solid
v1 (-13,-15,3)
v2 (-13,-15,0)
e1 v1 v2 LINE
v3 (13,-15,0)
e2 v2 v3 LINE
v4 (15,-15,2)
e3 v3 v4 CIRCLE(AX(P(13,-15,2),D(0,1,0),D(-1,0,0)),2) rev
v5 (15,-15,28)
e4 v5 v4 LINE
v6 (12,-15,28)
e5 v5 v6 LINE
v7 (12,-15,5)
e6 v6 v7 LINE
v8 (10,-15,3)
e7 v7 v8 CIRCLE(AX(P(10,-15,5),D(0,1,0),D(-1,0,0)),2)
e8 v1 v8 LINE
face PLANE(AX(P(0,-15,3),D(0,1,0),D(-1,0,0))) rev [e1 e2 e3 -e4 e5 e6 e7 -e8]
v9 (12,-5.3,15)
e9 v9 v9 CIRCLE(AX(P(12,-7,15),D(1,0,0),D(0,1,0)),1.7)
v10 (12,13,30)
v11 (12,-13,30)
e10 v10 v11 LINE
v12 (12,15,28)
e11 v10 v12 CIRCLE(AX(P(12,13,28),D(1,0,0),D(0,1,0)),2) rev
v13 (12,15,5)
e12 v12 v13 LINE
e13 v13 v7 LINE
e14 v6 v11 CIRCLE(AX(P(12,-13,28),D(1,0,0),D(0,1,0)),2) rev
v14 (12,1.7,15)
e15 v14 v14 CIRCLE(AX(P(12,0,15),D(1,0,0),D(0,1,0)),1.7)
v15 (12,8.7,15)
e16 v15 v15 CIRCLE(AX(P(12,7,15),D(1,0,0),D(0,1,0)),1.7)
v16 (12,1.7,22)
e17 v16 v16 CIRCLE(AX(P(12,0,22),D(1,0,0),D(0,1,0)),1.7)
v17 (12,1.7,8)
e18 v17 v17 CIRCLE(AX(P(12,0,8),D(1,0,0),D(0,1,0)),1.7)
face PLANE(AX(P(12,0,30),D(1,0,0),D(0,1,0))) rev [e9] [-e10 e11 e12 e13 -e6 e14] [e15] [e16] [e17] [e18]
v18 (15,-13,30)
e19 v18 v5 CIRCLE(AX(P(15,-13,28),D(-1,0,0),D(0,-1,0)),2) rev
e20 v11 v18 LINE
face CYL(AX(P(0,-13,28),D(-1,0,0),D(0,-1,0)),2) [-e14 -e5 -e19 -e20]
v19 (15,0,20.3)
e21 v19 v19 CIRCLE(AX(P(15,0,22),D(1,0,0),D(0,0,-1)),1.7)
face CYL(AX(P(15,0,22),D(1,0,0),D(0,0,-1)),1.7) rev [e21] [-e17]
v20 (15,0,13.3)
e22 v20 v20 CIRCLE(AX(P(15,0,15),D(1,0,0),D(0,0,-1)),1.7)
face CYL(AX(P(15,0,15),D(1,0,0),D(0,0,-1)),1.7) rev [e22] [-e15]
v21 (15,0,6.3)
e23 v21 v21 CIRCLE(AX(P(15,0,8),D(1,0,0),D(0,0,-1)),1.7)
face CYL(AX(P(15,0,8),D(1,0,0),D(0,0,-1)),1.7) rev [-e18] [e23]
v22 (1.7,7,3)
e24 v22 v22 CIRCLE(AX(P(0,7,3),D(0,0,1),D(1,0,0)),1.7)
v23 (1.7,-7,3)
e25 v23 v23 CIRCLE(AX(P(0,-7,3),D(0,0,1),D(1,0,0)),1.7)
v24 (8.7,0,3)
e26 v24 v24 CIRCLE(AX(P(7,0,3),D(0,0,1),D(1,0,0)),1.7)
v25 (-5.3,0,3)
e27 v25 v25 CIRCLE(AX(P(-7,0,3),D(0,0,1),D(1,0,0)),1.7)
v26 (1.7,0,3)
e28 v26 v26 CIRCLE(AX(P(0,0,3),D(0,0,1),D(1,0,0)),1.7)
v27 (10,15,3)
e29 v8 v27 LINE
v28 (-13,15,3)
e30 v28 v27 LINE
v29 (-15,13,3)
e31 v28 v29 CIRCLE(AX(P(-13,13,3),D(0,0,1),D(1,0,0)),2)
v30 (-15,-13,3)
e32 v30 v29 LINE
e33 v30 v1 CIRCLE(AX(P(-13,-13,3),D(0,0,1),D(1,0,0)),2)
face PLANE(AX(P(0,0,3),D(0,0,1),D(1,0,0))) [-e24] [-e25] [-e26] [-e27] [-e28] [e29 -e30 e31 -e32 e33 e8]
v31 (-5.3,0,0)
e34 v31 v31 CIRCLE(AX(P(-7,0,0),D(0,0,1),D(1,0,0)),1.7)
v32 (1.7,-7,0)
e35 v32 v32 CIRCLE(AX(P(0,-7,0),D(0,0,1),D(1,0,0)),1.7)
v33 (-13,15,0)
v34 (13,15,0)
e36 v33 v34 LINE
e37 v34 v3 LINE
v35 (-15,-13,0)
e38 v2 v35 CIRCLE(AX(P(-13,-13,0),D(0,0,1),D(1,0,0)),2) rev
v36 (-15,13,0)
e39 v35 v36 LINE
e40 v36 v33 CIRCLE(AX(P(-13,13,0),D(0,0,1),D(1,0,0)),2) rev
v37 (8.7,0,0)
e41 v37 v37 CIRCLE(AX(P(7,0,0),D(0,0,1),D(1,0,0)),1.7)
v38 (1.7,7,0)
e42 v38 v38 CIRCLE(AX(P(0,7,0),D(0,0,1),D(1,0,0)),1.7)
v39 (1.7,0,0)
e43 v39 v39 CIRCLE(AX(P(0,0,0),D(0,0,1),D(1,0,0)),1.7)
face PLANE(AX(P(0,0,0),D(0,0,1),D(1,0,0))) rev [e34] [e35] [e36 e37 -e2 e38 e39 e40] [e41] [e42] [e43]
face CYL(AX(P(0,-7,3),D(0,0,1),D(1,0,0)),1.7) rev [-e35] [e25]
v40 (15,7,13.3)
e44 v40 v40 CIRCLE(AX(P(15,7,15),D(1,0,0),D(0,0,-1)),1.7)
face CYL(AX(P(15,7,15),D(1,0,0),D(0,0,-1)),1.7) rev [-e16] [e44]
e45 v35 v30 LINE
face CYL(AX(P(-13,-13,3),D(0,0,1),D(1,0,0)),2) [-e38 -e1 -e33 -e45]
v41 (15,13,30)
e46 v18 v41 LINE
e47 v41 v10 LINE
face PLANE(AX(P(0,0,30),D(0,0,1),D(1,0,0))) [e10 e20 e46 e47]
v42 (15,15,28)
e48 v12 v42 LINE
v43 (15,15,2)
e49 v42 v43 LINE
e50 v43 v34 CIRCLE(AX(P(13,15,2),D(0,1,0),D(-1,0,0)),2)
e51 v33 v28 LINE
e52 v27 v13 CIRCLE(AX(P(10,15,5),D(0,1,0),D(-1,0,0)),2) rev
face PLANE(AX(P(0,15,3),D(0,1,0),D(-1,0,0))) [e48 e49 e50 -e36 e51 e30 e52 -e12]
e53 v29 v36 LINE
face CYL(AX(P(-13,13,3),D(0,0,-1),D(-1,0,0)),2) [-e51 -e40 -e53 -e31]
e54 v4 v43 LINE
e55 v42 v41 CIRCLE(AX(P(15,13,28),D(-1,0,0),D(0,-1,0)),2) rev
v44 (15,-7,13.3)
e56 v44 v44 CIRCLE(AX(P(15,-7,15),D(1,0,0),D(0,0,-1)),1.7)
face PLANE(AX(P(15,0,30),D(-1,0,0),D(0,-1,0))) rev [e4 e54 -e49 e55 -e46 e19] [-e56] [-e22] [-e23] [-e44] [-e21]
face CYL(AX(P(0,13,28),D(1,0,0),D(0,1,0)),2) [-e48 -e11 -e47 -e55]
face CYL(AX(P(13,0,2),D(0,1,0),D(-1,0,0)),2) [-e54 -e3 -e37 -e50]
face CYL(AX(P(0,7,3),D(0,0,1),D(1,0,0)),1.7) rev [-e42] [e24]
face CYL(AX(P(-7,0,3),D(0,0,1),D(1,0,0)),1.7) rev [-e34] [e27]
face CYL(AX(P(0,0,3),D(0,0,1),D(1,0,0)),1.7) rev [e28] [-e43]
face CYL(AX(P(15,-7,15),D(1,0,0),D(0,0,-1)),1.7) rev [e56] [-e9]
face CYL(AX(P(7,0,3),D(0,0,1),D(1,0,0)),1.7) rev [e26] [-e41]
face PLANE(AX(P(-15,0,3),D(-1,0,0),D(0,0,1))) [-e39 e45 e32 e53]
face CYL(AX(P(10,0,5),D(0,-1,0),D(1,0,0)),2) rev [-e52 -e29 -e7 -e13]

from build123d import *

# Parameters (mm, degrees)
SKETCH1_W                      = 27
SKETCH1_H                      = 30
BOSS_EXTRUDE1_DEPTH            = 3
SKETCH1_3_W                    = 3
SKETCH1_3_H                    = 30
BOSS_EXTRUDE2_DEPTH            = 30
M3_CLEARANCE_HOLE1_D           = 3.4
M3_CLEARANCE_HOLE1_ON_FACE_2_D = 3.4
M3_CLEARANCE_HOLE2_D           = 3.4
FILLET1_R                      = 2
FILLET2_R                      = 2


with BuildPart() as part:
    # Sketch1 → Boss-Extrude1 (new body)
    with BuildSketch(Plane.XY):
        with Locations((-1.5, 0)):
            Rectangle(SKETCH1_W, SKETCH1_H)
    extrude(amount=BOSS_EXTRUDE1_DEPTH)

    # Sketch1<3> → Boss-Extrude2 (add)
    with BuildSketch(Plane.XY):
        with Locations((13.5, 0)):
            Rectangle(SKETCH1_3_W, SKETCH1_3_H)
    extrude(amount=BOSS_EXTRUDE2_DEPTH)

    # M3 Clearance Hole1 (through all)
    with Locations(Plane(origin=(0, 7, 3), x_dir=(1, 0, 0), z_dir=(0, 0, 1))):
        with Locations((0, 0), (-7, -7), (7, -7), (0, -14), (0, -7)):
            Hole(M3_CLEARANCE_HOLE1_D / 2)

    # M3 Clearance Hole1 on face 2 (through all)
    with Locations(Plane(origin=(0, 0, 0), x_dir=(-1, 0, 0), z_dir=(0, 0, -1))):
        with Locations((0, 0)):
            Hole(M3_CLEARANCE_HOLE1_ON_FACE_2_D / 2)

    # M3 Clearance Hole2 (through all)
    with Locations(Plane(origin=(15, 7, 15), x_dir=(0, 1, 0), z_dir=(1, 0, 0))):
        with Locations((0, 0), (-7, 7), (-7, 0), (-7, -7), (-14, 0)):
            Hole(M3_CLEARANCE_HOLE2_D / 2)

    # Fillet1
    fillet1_edges = [part.edges().sort_by_distance(p)[0] for p in [
        (15, 0, 0),
        (12, 0, 3),
    ]]
    fillet(fillet1_edges, radius=FILLET1_R)

    # Fillet2
    fillet2_edges = [part.edges().sort_by_distance(p)[0] for p in [
        (13.5, 15, 30),
        (13.5, -15, 30),
        (-15, -15, 1.5),
        (-15, 15, 1.5),
    ]]
    fillet(fillet2_edges, radius=FILLET2_R)


solid = part.part
